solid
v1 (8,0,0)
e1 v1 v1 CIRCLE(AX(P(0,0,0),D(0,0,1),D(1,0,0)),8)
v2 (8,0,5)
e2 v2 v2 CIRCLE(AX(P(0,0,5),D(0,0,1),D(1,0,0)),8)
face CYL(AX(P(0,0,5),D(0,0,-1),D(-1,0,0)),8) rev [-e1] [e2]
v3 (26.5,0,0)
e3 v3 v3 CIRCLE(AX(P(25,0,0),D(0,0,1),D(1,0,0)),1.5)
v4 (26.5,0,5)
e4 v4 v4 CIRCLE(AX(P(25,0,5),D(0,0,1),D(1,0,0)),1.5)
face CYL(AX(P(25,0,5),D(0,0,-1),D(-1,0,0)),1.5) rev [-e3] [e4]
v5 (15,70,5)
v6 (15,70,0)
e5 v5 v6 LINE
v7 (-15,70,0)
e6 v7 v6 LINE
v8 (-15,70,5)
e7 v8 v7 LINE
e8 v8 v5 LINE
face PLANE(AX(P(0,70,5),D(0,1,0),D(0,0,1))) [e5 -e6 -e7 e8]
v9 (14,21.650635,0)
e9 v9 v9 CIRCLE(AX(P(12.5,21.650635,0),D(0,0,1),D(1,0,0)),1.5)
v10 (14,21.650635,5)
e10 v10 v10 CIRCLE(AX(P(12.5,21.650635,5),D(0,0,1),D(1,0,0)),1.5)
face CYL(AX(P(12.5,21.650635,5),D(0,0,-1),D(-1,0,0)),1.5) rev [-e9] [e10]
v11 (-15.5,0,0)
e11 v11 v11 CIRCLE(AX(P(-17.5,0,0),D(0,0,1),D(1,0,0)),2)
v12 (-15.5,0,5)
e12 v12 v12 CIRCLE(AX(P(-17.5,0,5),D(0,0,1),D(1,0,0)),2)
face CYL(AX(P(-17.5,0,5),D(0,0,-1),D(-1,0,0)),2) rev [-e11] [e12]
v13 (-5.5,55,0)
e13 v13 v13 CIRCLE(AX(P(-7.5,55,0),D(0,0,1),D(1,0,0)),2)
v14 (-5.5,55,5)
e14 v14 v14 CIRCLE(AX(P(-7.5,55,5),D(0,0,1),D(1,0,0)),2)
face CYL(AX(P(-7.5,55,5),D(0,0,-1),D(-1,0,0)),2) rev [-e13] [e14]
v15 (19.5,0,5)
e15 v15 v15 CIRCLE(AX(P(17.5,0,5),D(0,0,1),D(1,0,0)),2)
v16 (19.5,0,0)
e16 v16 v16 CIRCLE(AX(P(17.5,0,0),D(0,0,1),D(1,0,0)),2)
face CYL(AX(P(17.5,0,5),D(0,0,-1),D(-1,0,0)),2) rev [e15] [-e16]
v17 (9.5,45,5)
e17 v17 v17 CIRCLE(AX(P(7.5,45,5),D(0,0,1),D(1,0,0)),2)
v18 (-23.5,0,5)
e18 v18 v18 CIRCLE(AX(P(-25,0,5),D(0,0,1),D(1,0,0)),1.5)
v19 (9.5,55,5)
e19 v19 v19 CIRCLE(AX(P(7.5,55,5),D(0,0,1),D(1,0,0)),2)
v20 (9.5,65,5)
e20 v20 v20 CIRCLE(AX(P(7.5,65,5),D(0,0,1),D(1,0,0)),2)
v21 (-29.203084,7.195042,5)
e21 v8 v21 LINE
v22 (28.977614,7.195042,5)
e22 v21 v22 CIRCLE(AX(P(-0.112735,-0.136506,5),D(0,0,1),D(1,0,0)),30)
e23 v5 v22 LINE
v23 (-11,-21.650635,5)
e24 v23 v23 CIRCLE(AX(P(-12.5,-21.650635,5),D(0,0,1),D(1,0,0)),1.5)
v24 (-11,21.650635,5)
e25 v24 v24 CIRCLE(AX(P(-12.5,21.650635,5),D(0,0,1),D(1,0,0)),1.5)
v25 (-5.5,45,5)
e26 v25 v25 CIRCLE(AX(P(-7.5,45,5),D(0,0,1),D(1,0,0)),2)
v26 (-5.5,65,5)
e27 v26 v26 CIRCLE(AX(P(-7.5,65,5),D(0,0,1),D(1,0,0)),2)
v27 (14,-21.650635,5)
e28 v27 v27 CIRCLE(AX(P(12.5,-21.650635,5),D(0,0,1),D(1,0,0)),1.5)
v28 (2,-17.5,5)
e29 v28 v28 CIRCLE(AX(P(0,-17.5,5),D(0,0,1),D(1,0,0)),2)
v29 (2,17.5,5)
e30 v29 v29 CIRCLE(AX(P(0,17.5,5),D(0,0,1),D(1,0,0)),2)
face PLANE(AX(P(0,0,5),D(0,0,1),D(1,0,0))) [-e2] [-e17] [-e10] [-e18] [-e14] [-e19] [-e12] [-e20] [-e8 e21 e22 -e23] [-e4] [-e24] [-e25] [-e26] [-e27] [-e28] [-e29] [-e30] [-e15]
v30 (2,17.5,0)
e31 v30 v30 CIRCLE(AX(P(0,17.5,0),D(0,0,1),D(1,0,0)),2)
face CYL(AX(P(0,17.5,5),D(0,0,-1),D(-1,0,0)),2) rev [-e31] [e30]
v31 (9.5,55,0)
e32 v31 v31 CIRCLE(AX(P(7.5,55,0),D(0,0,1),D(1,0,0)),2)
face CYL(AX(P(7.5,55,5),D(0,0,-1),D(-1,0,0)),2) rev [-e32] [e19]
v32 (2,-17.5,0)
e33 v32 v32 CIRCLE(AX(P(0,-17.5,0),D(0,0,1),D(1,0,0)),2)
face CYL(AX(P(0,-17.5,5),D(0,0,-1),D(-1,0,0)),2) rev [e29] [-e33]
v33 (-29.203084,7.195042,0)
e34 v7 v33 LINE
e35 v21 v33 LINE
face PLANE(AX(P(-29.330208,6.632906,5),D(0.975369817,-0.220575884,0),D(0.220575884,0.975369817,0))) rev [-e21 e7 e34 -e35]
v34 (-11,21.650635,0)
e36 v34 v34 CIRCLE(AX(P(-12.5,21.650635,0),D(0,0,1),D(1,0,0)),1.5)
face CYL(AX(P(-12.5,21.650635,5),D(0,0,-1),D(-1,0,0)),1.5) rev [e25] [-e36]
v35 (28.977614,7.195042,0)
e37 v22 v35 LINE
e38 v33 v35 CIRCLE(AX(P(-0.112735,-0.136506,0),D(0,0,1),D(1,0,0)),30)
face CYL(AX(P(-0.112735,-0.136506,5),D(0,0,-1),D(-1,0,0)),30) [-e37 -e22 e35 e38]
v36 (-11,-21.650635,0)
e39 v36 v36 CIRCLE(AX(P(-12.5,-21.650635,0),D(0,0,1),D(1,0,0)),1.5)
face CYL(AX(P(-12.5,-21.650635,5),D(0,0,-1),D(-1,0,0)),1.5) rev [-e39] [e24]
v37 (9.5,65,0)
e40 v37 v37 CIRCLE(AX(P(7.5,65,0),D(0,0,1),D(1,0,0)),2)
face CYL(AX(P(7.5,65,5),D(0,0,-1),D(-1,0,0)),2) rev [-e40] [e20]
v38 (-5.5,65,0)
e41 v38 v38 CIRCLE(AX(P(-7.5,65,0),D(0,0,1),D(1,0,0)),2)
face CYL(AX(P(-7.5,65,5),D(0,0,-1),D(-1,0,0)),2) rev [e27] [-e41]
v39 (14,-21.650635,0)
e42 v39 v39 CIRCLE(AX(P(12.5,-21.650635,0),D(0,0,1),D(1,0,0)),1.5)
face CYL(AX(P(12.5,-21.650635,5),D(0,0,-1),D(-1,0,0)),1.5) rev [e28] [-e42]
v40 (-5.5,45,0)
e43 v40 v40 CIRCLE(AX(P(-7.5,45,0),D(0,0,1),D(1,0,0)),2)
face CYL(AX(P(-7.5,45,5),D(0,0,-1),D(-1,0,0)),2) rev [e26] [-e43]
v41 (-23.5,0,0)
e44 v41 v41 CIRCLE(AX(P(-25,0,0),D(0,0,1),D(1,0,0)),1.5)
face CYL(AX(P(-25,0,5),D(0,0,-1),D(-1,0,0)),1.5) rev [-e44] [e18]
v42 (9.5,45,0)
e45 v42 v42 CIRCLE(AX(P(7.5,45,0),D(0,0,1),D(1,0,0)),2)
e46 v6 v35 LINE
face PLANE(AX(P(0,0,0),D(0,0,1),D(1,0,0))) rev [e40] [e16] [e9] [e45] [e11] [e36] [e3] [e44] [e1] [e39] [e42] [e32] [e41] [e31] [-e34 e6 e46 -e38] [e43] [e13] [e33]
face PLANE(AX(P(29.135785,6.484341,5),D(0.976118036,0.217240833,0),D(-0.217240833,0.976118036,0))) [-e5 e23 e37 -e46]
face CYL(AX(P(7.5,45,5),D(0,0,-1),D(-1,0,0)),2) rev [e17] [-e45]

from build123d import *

# Parameters (mm, degrees)
SKETCH1_R           = 1.5
SKETCH1_R_2         = 2
SKETCH1_R_3         = 8
BOSS_EXTRUDE1_DEPTH = 5


with BuildPart() as part:
    # Sketch1 → Boss-Extrude1 (new body)
    with BuildSketch(Plane.XY):
        with BuildLine():
            Line((-15, 70), (-29.20308374, 7.195041803))
            ThreePointArc((-29.20308374, 7.195041803), (-0.112734709, -30.136506004), (28.977614322, 7.195041803))
            Line((28.977614322, 7.195041803), (15, 70))
            Line((15, 70), (-15, 70))
        make_face()
        with Locations((-12.5, -21.650635095)):
            Circle(SKETCH1_R, mode=Mode.SUBTRACT)
        with Locations((0, -17.5)):
            Circle(SKETCH1_R_2, mode=Mode.SUBTRACT)
        with Locations((-25, 0)):
            Circle(SKETCH1_R, mode=Mode.SUBTRACT)
        with Locations((-17.5, 0)):
            Circle(SKETCH1_R_2, mode=Mode.SUBTRACT)
        with Locations((-12.5, 21.650635095)):
            Circle(SKETCH1_R, mode=Mode.SUBTRACT)
        with Locations((12.5, -21.650635095)):
            Circle(SKETCH1_R, mode=Mode.SUBTRACT)
        Circle(SKETCH1_R_3, mode=Mode.SUBTRACT)
        with BuildLine():
            ThreePointArc((0, 15.5), (-2, 17.5), (0, 19.5))
            ThreePointArc((0, 19.5), (2, 17.5), (0, 15.5))
        make_face(mode=Mode.SUBTRACT)
        with Locations((12.5, 21.650635095)):
            Circle(SKETCH1_R, mode=Mode.SUBTRACT)
        with Locations((17.5, 0)):
            Circle(SKETCH1_R_2, mode=Mode.SUBTRACT)
        with Locations((25, 0)):
            Circle(SKETCH1_R, mode=Mode.SUBTRACT)
        with Locations((-7.5, 45)):
            Circle(SKETCH1_R_2, mode=Mode.SUBTRACT)
        with Locations((-7.5, 55)):
            Circle(SKETCH1_R_2, mode=Mode.SUBTRACT)
        with Locations((-7.5, 65)):
            Circle(SKETCH1_R_2, mode=Mode.SUBTRACT)
        with Locations((7.5, 65)):
            Circle(SKETCH1_R_2, mode=Mode.SUBTRACT)
        with Locations((7.5, 55)):
            Circle(SKETCH1_R_2, mode=Mode.SUBTRACT)
        with Locations((7.5, 45)):
            Circle(SKETCH1_R_2, mode=Mode.SUBTRACT)
    extrude(amount=BOSS_EXTRUDE1_DEPTH)


solid = part.part
